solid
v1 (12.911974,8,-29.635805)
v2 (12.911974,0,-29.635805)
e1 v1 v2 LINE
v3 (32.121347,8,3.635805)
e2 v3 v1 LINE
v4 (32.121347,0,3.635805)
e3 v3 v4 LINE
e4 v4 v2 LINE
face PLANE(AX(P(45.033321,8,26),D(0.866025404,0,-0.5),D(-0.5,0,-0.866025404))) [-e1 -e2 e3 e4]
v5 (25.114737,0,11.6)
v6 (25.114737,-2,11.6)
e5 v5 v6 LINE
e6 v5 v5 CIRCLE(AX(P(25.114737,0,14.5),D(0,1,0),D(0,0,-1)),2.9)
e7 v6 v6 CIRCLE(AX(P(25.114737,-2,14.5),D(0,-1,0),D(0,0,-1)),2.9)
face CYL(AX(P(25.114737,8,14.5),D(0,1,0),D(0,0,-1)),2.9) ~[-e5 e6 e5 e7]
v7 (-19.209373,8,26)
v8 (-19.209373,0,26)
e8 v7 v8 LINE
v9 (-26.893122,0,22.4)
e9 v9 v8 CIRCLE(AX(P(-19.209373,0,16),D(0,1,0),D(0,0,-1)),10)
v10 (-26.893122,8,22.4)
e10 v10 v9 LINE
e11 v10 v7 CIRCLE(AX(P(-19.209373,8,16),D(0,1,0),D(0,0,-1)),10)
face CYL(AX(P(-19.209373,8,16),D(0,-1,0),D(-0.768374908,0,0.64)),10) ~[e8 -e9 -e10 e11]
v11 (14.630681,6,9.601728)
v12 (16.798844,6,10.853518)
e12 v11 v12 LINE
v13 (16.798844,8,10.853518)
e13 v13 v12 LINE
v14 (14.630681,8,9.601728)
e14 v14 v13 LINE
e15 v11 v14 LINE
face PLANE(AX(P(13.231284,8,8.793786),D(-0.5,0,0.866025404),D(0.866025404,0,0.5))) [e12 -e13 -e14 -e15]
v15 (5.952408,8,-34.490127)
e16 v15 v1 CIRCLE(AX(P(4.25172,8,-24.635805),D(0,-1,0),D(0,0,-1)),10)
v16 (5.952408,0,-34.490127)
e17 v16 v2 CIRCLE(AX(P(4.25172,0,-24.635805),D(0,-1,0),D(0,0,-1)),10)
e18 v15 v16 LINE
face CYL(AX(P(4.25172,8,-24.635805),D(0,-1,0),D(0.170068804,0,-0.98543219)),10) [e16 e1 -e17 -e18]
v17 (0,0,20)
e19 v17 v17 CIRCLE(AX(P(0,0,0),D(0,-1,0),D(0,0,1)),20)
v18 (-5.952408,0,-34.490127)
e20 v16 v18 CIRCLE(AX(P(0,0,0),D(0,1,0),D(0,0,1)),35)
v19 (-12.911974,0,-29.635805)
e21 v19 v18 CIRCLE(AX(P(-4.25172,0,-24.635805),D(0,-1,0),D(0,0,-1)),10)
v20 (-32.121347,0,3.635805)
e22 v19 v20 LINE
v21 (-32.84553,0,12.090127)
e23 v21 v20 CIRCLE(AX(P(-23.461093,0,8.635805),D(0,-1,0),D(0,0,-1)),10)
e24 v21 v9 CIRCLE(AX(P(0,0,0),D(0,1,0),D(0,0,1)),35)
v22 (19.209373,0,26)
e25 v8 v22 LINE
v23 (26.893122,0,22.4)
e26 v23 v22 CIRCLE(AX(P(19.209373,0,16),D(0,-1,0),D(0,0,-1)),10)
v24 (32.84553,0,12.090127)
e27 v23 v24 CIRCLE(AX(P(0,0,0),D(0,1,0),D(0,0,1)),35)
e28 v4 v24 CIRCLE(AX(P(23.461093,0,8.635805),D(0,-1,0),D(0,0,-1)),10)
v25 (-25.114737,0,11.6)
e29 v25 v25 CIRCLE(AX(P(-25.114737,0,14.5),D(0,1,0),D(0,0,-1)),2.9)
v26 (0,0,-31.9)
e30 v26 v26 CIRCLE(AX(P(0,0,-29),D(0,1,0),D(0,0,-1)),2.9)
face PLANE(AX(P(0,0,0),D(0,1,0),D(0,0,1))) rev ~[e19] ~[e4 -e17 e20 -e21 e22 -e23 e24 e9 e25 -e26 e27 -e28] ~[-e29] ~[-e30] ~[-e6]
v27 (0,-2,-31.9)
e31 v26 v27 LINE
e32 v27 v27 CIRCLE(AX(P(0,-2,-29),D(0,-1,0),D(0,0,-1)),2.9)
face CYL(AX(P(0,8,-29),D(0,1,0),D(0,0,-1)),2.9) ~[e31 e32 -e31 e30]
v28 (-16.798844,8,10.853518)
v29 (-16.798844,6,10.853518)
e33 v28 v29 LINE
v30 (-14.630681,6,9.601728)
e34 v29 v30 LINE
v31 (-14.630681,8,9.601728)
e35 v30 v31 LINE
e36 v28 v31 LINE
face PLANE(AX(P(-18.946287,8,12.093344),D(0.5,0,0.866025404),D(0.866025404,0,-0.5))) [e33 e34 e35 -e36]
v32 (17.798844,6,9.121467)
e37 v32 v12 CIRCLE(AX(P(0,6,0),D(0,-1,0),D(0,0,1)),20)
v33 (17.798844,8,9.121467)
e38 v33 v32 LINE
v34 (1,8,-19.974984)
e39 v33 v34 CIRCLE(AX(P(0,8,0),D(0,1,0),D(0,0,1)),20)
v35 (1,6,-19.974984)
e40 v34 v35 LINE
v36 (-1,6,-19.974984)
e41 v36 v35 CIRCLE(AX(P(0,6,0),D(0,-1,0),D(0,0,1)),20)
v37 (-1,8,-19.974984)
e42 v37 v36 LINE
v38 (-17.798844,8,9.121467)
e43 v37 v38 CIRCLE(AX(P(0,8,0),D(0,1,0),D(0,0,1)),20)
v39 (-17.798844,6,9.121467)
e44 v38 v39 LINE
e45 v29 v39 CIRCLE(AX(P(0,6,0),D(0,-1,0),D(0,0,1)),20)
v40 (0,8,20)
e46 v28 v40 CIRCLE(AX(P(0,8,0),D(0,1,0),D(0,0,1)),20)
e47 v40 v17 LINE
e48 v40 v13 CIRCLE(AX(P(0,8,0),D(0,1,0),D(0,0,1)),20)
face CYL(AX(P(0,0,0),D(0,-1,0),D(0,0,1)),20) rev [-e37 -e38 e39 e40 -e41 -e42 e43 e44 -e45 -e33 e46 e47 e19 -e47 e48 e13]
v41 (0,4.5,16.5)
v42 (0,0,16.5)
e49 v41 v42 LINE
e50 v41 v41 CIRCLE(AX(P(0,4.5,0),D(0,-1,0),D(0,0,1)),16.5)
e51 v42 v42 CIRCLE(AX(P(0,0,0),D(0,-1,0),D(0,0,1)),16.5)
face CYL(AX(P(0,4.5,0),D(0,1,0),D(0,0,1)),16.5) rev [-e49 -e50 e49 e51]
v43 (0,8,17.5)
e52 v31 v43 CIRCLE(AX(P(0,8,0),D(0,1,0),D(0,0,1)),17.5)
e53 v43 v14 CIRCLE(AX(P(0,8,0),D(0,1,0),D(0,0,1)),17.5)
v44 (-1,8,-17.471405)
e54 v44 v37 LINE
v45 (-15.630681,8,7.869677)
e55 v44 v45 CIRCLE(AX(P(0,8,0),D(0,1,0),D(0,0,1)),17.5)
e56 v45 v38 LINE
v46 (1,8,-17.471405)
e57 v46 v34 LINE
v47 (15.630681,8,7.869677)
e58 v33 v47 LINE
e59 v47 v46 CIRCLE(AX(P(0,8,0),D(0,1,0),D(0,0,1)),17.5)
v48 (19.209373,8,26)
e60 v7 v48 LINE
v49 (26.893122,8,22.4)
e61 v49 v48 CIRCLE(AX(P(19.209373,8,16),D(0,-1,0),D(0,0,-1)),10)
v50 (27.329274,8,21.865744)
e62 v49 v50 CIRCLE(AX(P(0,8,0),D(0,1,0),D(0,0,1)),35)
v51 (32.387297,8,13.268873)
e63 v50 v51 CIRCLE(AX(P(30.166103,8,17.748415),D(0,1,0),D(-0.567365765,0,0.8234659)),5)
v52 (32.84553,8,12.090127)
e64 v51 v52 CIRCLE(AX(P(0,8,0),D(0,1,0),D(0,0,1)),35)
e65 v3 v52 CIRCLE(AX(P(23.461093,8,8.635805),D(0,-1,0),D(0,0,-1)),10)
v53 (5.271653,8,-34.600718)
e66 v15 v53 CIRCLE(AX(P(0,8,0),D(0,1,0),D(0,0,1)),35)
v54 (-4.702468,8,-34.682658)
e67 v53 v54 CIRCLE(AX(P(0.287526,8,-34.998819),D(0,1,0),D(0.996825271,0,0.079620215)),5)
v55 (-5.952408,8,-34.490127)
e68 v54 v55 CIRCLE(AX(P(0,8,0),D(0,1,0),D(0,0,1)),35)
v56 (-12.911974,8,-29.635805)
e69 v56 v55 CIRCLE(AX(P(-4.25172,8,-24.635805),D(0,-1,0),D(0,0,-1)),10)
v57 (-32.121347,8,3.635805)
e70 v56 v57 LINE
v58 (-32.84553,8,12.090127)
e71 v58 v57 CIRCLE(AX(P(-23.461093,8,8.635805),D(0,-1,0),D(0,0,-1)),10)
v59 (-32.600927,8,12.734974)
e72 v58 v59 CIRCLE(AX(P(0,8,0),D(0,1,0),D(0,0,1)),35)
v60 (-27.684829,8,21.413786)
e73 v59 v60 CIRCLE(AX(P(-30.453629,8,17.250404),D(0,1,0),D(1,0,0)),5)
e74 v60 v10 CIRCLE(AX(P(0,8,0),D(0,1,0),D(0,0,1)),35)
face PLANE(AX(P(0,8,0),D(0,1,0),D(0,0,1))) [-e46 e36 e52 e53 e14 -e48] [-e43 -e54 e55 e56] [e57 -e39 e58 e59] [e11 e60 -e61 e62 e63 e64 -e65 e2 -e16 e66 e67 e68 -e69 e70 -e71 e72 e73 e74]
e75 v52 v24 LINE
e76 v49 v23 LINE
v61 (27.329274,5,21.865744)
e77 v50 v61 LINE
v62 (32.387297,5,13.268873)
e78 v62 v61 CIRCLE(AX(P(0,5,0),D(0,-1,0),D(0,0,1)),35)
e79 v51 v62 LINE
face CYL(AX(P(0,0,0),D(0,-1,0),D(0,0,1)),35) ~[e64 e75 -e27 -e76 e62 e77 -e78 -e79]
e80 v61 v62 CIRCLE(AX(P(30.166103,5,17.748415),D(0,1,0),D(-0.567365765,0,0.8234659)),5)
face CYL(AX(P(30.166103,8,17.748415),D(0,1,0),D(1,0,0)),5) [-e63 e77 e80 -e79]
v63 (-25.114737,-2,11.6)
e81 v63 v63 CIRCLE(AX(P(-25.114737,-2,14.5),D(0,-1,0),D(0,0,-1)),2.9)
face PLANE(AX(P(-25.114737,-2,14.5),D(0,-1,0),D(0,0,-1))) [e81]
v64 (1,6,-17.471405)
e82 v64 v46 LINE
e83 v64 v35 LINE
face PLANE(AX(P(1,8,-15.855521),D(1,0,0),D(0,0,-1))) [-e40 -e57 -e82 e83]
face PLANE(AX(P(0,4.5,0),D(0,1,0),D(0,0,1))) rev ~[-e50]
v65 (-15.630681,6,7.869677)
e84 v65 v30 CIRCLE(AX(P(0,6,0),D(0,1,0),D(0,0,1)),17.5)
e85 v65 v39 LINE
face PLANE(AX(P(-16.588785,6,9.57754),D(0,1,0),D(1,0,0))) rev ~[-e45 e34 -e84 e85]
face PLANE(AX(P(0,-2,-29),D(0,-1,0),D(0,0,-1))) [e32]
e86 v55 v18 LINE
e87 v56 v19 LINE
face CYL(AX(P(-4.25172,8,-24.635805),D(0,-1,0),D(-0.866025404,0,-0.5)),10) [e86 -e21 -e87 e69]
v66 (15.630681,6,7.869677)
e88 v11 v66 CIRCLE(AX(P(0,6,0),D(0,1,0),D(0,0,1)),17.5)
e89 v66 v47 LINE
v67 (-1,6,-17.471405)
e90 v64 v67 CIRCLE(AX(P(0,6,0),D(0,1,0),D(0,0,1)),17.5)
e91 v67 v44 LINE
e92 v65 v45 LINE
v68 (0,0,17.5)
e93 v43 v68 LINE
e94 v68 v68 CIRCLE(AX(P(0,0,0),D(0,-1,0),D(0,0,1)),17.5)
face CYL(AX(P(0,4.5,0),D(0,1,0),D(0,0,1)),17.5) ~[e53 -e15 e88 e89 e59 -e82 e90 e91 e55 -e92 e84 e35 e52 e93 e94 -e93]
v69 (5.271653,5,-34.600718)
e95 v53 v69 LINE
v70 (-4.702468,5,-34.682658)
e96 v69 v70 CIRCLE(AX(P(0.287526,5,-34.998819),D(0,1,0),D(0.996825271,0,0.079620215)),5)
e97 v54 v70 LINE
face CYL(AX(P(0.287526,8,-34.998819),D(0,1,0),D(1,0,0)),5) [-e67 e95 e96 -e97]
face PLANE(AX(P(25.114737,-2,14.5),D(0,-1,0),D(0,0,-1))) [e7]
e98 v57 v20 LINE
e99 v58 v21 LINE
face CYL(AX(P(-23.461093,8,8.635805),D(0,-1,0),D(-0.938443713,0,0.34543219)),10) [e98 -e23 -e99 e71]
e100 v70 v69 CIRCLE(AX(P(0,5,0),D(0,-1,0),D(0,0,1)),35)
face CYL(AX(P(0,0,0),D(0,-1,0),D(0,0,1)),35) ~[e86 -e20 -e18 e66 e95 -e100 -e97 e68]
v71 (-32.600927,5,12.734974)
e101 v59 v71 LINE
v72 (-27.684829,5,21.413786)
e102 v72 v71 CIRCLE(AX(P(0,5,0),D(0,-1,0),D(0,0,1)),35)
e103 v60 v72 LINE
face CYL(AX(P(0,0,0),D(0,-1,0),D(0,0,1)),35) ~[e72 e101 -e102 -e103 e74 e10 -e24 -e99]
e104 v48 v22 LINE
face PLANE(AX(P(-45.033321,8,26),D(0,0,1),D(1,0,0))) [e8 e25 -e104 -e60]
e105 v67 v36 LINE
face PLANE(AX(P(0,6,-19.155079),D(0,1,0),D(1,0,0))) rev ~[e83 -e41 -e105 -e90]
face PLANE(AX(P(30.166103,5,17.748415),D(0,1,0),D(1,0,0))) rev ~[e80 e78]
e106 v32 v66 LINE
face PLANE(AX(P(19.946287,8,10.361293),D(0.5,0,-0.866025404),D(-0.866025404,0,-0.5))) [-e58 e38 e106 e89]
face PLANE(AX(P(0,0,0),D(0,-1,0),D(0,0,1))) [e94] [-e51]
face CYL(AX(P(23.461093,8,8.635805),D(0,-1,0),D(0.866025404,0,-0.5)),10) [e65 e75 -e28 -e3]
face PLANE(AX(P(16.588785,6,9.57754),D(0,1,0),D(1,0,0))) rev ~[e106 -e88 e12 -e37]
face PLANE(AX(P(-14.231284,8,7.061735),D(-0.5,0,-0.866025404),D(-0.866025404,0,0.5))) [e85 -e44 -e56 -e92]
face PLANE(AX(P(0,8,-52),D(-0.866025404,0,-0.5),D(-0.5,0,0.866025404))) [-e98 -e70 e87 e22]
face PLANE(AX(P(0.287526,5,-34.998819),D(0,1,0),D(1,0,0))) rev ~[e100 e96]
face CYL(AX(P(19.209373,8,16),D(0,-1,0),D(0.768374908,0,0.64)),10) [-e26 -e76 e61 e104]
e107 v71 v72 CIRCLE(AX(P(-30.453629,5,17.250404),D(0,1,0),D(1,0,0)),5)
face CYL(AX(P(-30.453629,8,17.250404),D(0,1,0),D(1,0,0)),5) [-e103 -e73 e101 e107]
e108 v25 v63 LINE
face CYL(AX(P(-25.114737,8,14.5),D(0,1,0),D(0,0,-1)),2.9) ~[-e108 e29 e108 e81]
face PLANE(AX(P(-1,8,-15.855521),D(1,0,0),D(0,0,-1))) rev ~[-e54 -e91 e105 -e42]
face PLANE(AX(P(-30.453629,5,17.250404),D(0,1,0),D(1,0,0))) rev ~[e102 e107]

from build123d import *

# Parameters (mm, degrees)
SKETCH1_R                = 20
BOSS_EXTRUDE1_DEPTH      = 3.5
SKETCH2_R                = 35
SKETCH2_R_2              = 20
SKETCH2_R_3              = 2.8
BOSS_EXTRUDE2_DEPTH      = 8
BOSS_EXTRUDE3_DEPTH      = 2
BOSS_EXTRUDE3_DEPTH_BACK = 8
SKETCH4_R                = 2.9
SKETCH5_R                = 5
BOSS_EXTRUDE4_DEPTH      = 3
CUT_EXTRUDE1_START       = -10
SKETCH3_R                = 20
CUT_EXTRUDE1_DEPTH       = 10
SKETCH9_R                = 17.5
BOSS_EXTRUDE5_DEPTH      = 3.5
SKETCH10_R               = 17.5
SKETCH10_R_2             = 16.5
BOSS_EXTRUDE6_DEPTH      = 4.5
SKETCH11_W               = 2
SKETCH11_H               = 6.599117057
BOSS_EXTRUDE7_DEPTH      = 2
SKETCH12_R               = 72.135852014
CUT_EXTRUDE2_DEPTH       = 22
FILLET1_R                = 10


with BuildPart() as part:
    # Sketch1 → Boss-Extrude1 (new body)
    with BuildSketch(Plane(origin=(0, 0, 0), x_dir=(1, 0, 0), z_dir=(0, 1, 0))):
        with Locations(Location((0, 0, 0), (0, 0, 270))):
            Circle(SKETCH1_R)
    extrude(amount=BOSS_EXTRUDE1_DEPTH)

    # Sketch2 → Boss-Extrude2 (add)
    with BuildSketch(Plane(origin=(0, 0, 0), x_dir=(1, 0, 0), z_dir=(0, 1, 0))):
        with Locations(Location((0, 0, 0), (0, 0, 270))):
            Circle(SKETCH2_R)
        with Locations(Location((0, 0, 0), (0, 0, 270))):
            Circle(SKETCH2_R_2, mode=Mode.SUBTRACT)
        with Locations(Location((0, 29, 0), (0, 0, 270))):
            Circle(SKETCH2_R_3, mode=Mode.SUBTRACT)
        with Locations(Location((25.11473671, -14.5, 0), (0, 0, 270))):
            Circle(SKETCH2_R_3, mode=Mode.SUBTRACT)
        with Locations(Location((-25.11473671, -14.5, 0), (0, 0, 270))):
            Circle(SKETCH2_R_3, mode=Mode.SUBTRACT)
    extrude(amount=BOSS_EXTRUDE2_DEPTH)

    # Sketch4 → Boss-Extrude3 (add, two sides: drawn at the far end of the back side and taken through both)
    with BuildSketch(Plane.XZ.offset(-BOSS_EXTRUDE3_DEPTH_BACK)):
        with Locations(Location((-25.11473671, 14.5, 0), (0, 0, 270))):
            Circle(SKETCH4_R)
        with Locations(Location((25.11473671, 14.5, 0), (0, 0, 270))):
            Circle(SKETCH4_R)
        with Locations(Location((0, -29, 0), (0, 0, 270))):
            Circle(SKETCH4_R)
    extrude(amount=BOSS_EXTRUDE3_DEPTH + BOSS_EXTRUDE3_DEPTH_BACK)

    # Sketch5 → Boss-Extrude4 (add)
    with BuildSketch(Plane(origin=(0, 8, 0), x_dir=(1, 0, 0), z_dir=(0, 1, 0))):
        with Locations((-30.453629482, -17.250404383)):
            Circle(SKETCH5_R)
        with Locations((0.28752632, 34.99881896)):
            Circle(SKETCH5_R)
        with Locations((30.166103162, -17.748414577)):
            Circle(SKETCH5_R)
    extrude(amount=-BOSS_EXTRUDE4_DEPTH)

    # Sketch3 → Cut-Extrude1 (cut)
    with BuildSketch(Plane(origin=(0, 3.5, 0), x_dir=(1, 0, 0), z_dir=(0, 1, 0)).offset(CUT_EXTRUDE1_START)):
        with Locations(Location((0, 0, 0), (0, 0, 270))):
            Circle(SKETCH3_R)
    extrude(amount=CUT_EXTRUDE1_DEPTH, mode=Mode.SUBTRACT)



with BuildPart() as body_2:
    # Sketch9 → Boss-Extrude5 (new body)
    with BuildSketch(Plane(origin=(0, 8, 0), x_dir=(1, 0, 0), z_dir=(0, 1, 0))):
        with Locations(Location((0, 0, 0), (0, 0, 270))):
            Circle(SKETCH9_R)
    extrude(amount=-BOSS_EXTRUDE5_DEPTH)

    # Sketch10 → Boss-Extrude6 (add)
    with BuildSketch(Plane(origin=(0, 4.5, 0), x_dir=(-1, 0, 0), z_dir=(0, -1, 0))):
        with Locations(Location((0, 0, 0), (0, 0, 270))):
            Circle(SKETCH10_R)
        with Locations(Location((0, 0, 0), (0, 0, 270))):
            Circle(SKETCH10_R_2, mode=Mode.SUBTRACT)
    extrude(amount=BOSS_EXTRUDE6_DEPTH)


with BuildPart() as part_1:
    add(part.part)

    add(body_2.part)  # Boss-Extrude7 merges body 2
    # Sketch11 → Boss-Extrude7 (add)
    with BuildSketch(Plane(origin=(0, 8, 0), x_dir=(1, 0, 0), z_dir=(0, 1, 0))):
        Polygon((19.946286756, -10.36129349), (14.231283742, -7.061734961), (13.231283742, -8.793785769), (18.946286756, -12.093344297), align=None)
        with Locations((0, 19.155079259)):
            Rectangle(SKETCH11_W, SKETCH11_H)
        Polygon((-18.946286756, -12.093344297), (-13.231283742, -8.793785769), (-14.231283742, -7.061734961), (-19.946286756, -10.36129349), align=None)
    extrude(amount=-BOSS_EXTRUDE7_DEPTH)

    # Sketch12 → Cut-Extrude2 (cut)
    with BuildSketch(Plane(origin=(0, 8, 0), x_dir=(1, 0, 0), z_dir=(0, 1, 0))):
        Circle(SKETCH12_R)
        Polygon((0, 52), (-45.033320997, -26), (45.033320997, -26), align=None, mode=Mode.SUBTRACT)
    extrude(amount=-CUT_EXTRUDE2_DEPTH, mode=Mode.SUBTRACT)

    # Fillet1
    fillet1_edges = [part_1.edges().sort_by_distance(p)[0] for p in [
        (34.232035012, 4, 7.291623888),
        (10.801285985, 4, -33.291623888),
        (-23.430749028, 4, 26),
        (23.430749028, 4, 26),
        (-10.801285985, 4, -33.291623888),
        (-34.232035012, 4, 7.291623888),
    ]]
    fillet(fillet1_edges, radius=FILLET1_R)


solid = part_1.part
